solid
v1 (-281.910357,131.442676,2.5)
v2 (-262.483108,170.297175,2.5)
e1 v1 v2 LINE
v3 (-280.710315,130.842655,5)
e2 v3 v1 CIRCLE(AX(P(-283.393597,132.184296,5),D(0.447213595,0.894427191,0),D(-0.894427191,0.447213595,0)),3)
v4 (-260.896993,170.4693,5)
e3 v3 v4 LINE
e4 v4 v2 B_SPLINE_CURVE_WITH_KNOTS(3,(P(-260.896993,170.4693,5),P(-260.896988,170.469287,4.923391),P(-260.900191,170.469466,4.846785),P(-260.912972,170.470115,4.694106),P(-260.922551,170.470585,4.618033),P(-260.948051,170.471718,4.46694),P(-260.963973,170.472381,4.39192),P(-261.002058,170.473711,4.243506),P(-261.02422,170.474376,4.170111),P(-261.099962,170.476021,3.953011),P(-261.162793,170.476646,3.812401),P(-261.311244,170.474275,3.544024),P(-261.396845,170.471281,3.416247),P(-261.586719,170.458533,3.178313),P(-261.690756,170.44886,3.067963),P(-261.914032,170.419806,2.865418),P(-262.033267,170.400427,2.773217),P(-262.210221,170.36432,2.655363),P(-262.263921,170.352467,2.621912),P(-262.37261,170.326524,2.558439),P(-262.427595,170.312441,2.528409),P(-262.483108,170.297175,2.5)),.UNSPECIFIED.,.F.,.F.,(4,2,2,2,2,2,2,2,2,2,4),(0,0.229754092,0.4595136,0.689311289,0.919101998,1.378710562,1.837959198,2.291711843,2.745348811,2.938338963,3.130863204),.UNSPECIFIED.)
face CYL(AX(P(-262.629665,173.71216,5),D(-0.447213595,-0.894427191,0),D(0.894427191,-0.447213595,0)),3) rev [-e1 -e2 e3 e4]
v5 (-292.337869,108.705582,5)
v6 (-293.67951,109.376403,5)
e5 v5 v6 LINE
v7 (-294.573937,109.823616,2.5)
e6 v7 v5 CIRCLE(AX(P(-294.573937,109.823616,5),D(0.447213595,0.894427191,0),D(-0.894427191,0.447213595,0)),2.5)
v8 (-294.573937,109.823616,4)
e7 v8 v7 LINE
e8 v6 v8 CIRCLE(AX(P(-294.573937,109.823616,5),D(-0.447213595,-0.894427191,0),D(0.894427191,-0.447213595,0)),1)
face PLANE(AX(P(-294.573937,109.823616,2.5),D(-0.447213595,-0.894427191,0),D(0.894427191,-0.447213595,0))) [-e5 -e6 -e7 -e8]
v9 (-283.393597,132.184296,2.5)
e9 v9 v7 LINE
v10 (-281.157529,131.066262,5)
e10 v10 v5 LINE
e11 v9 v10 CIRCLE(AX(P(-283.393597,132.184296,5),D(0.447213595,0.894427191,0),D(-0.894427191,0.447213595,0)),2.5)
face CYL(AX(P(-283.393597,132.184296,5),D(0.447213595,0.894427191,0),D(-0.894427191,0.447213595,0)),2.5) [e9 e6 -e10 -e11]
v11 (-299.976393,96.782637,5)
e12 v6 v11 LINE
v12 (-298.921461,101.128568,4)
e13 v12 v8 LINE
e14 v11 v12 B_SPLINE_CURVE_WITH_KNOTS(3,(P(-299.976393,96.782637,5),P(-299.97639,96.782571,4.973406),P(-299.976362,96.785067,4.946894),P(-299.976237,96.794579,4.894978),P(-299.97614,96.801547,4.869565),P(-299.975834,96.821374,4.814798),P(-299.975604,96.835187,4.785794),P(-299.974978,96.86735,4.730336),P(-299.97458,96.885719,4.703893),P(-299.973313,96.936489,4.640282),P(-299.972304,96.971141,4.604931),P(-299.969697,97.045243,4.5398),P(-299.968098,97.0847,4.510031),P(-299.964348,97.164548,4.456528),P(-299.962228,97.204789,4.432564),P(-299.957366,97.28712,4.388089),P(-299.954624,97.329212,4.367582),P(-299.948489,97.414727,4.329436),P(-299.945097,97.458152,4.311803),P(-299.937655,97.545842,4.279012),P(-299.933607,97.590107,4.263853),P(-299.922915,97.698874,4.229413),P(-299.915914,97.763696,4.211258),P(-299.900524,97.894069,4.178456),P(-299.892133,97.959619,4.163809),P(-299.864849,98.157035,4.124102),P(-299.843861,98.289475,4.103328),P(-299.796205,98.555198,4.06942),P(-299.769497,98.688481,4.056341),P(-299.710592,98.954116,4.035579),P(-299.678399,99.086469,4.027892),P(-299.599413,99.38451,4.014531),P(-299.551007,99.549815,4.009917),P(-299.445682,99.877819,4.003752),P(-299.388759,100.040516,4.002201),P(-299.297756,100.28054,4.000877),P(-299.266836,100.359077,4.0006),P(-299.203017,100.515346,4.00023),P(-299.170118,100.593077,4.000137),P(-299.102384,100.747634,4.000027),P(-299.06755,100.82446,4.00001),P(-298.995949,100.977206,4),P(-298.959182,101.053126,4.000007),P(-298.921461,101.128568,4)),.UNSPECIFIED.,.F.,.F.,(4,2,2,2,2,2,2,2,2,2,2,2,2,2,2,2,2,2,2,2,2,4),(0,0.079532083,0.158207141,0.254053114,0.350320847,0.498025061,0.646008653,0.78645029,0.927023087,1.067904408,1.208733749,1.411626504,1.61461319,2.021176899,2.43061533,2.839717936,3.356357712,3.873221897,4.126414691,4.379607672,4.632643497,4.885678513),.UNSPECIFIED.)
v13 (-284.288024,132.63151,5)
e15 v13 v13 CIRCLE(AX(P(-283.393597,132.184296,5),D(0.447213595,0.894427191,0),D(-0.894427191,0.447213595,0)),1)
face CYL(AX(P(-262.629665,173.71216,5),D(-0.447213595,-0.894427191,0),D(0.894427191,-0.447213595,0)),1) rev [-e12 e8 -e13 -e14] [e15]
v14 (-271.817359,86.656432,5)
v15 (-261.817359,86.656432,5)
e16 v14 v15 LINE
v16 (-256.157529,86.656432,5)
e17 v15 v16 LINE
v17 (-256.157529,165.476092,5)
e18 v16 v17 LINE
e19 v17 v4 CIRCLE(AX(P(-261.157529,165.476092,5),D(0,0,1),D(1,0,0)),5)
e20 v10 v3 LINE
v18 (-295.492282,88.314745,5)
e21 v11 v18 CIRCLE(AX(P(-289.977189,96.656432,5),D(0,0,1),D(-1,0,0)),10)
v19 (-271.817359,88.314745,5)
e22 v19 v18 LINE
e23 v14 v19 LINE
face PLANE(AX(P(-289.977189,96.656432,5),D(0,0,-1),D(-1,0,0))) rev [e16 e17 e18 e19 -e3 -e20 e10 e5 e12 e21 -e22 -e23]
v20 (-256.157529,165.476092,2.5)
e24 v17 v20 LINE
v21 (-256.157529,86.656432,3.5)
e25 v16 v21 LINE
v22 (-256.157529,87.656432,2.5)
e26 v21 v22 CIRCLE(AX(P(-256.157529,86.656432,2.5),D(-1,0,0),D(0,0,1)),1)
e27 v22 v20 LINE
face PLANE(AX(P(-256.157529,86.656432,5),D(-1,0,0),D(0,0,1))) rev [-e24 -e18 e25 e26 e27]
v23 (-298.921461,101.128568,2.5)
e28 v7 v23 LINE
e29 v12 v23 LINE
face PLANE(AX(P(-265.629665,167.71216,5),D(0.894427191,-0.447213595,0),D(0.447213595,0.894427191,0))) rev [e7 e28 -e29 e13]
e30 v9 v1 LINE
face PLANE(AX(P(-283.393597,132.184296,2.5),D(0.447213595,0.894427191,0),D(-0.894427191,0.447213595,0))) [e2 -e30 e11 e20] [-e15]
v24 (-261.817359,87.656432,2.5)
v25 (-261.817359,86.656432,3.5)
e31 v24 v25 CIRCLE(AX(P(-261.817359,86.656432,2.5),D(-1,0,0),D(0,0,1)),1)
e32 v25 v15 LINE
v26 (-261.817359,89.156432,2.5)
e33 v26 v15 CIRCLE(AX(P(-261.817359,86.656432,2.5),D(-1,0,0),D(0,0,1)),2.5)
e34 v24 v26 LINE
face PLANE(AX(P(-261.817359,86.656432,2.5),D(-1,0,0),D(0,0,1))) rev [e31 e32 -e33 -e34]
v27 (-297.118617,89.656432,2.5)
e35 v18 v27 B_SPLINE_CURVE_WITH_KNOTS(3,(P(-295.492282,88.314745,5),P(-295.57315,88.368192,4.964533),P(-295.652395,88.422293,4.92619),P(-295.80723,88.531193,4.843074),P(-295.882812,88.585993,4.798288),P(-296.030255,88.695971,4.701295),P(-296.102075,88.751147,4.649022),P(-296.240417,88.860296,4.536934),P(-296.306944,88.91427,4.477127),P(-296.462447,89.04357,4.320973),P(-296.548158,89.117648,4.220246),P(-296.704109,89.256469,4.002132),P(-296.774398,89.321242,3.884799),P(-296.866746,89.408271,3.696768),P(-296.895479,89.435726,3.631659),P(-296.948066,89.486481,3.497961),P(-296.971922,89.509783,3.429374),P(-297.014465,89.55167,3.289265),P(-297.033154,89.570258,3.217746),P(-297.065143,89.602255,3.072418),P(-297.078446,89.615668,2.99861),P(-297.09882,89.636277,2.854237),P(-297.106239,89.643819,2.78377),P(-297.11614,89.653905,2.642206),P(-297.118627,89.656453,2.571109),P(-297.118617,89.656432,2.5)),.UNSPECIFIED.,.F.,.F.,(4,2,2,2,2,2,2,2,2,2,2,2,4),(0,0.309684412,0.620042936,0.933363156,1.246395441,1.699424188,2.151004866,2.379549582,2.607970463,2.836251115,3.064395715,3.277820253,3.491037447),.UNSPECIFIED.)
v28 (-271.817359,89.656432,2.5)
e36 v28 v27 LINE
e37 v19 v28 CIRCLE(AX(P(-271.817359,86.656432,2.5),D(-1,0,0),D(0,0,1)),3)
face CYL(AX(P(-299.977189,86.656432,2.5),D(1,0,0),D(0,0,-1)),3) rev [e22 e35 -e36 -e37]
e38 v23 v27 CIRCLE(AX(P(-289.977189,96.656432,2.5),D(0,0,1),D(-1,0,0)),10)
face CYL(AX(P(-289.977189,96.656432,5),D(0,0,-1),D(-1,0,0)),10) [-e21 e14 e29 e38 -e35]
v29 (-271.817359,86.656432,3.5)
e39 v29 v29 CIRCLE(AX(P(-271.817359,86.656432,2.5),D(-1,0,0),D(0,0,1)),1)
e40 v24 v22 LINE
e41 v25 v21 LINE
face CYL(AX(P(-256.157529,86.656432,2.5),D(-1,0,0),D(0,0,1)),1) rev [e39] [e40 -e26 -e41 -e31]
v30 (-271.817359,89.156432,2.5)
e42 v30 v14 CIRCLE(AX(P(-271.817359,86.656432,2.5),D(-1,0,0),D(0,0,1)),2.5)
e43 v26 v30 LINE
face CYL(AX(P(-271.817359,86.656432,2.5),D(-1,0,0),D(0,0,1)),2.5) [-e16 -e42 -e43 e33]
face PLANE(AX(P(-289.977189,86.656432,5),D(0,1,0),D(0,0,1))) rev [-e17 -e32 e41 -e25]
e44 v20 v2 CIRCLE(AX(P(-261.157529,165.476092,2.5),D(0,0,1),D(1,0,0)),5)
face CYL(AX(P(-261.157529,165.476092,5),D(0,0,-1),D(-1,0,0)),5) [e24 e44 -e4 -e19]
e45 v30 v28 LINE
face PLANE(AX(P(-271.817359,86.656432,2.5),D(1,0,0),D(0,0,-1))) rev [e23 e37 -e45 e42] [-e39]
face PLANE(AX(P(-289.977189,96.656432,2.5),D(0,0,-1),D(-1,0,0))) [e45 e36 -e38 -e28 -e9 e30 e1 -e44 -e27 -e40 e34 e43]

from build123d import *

# Parameters (mm, degrees)
EXTRUDE_1_DEPTH          = 5
SKETCH_5_W               = 5
SKETCH_5_H               = 50
SKETCH_2_W               = 20
SKETCH_2_H               = 5
CUT_EXTRUDE_2_DEPTH      = 698.009362047
CUT_EXTRUDE_2_DEPTH_BACK = 698.009362047
SKETCH_8_R               = 2
SKETCH_12_R              = 6
SKETCH_12_R_2            = 2
CUT_EXTRUDE_6_DEPTH      = 346.897812083
CUT_EXTRUDE_7_DEPTH      = 346.897812083
CUT_EXTRUDE_7_DEPTH_BACK = 346.897812083
SKETCH_13_R              = 2
SKETCH_11_R              = 6
CUT_EXTRUDE_5_DEPTH      = 692.343248918
SCALE_1_SCALE            = 0.5


with BuildPart() as part:
    # 草图1 → 凸台-拉伸1 (new body)
    with BuildSketch(Plane.XY.offset(5)):
        with BuildLine():
            Line((-531.259329651, 335.424320593), (-597.842921786, 202.257136323))
            ThreePointArc((-597.842921786, 202.257136323), (-596.967394134, 182.798242171), (-579.954377966, 173.312864413))
            Line((-579.954377966, 173.312864413), (-512.315057741, 173.312864413))
            Line((-512.315057741, 173.312864413), (-512.315057741, 330.952184638))
            ThreePointArc((-512.315057741, 330.952184638), (-520.017528536, 340.684674533), (-531.259329651, 335.424320593))
        make_face()
    extrude(amount=EXTRUDE_1_DEPTH)

    # 草图5 → 旋转1 (revolve)
    with BuildSketch(Plane(origin=(-559.177191958, 279.588595979, 0), x_dir=(0, 0, 1), z_dir=(-0.894427190999916, 0.4472135954999578, 0))):
        with Locations((7.5, -42.016481195)):
            Rectangle(SKETCH_5_W, SKETCH_5_H)
    revolve(axis=Axis((-566.787193696, 264.368592503, 10), (-0.4472135954999577, -0.894427190999916, 0)))

    # 草图2 → 旋转2 (revolve)
    with BuildSketch(Plane.XZ.offset(-173.312864413)):
        with Locations((-533.634717854, 7.5)):
            Rectangle(SKETCH_2_W, SKETCH_2_H)
    revolve(axis=Axis((-543.634717854, 173.312864413, 5), (1, 0, 0)))

    # 草图8 → 切除-拉伸2 (cut, two sides: drawn at the far end of the back side and taken through both)
    with BuildSketch(Plane(origin=(-29.970681513, -59.941363026, 0), x_dir=(0.894427190999916, -0.4472135954999577, 0), z_dir=(-0.4472135954999577, -0.894427190999916, 0)).offset(-CUT_EXTRUDE_2_DEPTH_BACK)):
        with Locations((-625.179106343, 10)):
            Circle(SKETCH_8_R)
    extrude(amount=CUT_EXTRUDE_2_DEPTH + CUT_EXTRUDE_2_DEPTH_BACK, mode=Mode.SUBTRACT)

    # 草图12 → 切除-拉伸6 (cut, through all)
    with BuildSketch(Plane.ZY.offset(543.634717854)):
        with Locations((5, 173.312864413)):
            Circle(SKETCH_12_R)
        with Locations((5, 173.312864413)):
            Circle(SKETCH_12_R_2, mode=Mode.SUBTRACT)
    extrude(amount=CUT_EXTRUDE_6_DEPTH, mode=Mode.SUBTRACT)

    # 草图13 → 切除-拉伸7 (cut, two sides: drawn at the far end of the back side and taken through both)
    with BuildSketch(Plane.ZY.offset(543.634717854).offset(-CUT_EXTRUDE_7_DEPTH_BACK)):
        with Locations((5, 173.312864413)):
            Circle(SKETCH_13_R)
    extrude(amount=CUT_EXTRUDE_7_DEPTH + CUT_EXTRUDE_7_DEPTH_BACK, mode=Mode.SUBTRACT)

    # 草图11 → 切除-拉伸5 (cut, through all)
    with BuildSketch(Plane(origin=(-7.610001738, -15.220003476, 0), x_dir=(0.8944271909999161, -0.4472135954999577, 0), z_dir=(0.4472135954999577, 0.8944271909999161, 0))):
        with Locations((-625.179106343, -10)):
            Circle(SKETCH_11_R)
    extrude(amount=CUT_EXTRUDE_5_DEPTH, mode=Mode.SUBTRACT)


with BuildPart() as part_1:
    # 缩放比例1: scaled about (0, 0, 0)
    add(part.part.scale(SCALE_1_SCALE))


solid = part_1.part
